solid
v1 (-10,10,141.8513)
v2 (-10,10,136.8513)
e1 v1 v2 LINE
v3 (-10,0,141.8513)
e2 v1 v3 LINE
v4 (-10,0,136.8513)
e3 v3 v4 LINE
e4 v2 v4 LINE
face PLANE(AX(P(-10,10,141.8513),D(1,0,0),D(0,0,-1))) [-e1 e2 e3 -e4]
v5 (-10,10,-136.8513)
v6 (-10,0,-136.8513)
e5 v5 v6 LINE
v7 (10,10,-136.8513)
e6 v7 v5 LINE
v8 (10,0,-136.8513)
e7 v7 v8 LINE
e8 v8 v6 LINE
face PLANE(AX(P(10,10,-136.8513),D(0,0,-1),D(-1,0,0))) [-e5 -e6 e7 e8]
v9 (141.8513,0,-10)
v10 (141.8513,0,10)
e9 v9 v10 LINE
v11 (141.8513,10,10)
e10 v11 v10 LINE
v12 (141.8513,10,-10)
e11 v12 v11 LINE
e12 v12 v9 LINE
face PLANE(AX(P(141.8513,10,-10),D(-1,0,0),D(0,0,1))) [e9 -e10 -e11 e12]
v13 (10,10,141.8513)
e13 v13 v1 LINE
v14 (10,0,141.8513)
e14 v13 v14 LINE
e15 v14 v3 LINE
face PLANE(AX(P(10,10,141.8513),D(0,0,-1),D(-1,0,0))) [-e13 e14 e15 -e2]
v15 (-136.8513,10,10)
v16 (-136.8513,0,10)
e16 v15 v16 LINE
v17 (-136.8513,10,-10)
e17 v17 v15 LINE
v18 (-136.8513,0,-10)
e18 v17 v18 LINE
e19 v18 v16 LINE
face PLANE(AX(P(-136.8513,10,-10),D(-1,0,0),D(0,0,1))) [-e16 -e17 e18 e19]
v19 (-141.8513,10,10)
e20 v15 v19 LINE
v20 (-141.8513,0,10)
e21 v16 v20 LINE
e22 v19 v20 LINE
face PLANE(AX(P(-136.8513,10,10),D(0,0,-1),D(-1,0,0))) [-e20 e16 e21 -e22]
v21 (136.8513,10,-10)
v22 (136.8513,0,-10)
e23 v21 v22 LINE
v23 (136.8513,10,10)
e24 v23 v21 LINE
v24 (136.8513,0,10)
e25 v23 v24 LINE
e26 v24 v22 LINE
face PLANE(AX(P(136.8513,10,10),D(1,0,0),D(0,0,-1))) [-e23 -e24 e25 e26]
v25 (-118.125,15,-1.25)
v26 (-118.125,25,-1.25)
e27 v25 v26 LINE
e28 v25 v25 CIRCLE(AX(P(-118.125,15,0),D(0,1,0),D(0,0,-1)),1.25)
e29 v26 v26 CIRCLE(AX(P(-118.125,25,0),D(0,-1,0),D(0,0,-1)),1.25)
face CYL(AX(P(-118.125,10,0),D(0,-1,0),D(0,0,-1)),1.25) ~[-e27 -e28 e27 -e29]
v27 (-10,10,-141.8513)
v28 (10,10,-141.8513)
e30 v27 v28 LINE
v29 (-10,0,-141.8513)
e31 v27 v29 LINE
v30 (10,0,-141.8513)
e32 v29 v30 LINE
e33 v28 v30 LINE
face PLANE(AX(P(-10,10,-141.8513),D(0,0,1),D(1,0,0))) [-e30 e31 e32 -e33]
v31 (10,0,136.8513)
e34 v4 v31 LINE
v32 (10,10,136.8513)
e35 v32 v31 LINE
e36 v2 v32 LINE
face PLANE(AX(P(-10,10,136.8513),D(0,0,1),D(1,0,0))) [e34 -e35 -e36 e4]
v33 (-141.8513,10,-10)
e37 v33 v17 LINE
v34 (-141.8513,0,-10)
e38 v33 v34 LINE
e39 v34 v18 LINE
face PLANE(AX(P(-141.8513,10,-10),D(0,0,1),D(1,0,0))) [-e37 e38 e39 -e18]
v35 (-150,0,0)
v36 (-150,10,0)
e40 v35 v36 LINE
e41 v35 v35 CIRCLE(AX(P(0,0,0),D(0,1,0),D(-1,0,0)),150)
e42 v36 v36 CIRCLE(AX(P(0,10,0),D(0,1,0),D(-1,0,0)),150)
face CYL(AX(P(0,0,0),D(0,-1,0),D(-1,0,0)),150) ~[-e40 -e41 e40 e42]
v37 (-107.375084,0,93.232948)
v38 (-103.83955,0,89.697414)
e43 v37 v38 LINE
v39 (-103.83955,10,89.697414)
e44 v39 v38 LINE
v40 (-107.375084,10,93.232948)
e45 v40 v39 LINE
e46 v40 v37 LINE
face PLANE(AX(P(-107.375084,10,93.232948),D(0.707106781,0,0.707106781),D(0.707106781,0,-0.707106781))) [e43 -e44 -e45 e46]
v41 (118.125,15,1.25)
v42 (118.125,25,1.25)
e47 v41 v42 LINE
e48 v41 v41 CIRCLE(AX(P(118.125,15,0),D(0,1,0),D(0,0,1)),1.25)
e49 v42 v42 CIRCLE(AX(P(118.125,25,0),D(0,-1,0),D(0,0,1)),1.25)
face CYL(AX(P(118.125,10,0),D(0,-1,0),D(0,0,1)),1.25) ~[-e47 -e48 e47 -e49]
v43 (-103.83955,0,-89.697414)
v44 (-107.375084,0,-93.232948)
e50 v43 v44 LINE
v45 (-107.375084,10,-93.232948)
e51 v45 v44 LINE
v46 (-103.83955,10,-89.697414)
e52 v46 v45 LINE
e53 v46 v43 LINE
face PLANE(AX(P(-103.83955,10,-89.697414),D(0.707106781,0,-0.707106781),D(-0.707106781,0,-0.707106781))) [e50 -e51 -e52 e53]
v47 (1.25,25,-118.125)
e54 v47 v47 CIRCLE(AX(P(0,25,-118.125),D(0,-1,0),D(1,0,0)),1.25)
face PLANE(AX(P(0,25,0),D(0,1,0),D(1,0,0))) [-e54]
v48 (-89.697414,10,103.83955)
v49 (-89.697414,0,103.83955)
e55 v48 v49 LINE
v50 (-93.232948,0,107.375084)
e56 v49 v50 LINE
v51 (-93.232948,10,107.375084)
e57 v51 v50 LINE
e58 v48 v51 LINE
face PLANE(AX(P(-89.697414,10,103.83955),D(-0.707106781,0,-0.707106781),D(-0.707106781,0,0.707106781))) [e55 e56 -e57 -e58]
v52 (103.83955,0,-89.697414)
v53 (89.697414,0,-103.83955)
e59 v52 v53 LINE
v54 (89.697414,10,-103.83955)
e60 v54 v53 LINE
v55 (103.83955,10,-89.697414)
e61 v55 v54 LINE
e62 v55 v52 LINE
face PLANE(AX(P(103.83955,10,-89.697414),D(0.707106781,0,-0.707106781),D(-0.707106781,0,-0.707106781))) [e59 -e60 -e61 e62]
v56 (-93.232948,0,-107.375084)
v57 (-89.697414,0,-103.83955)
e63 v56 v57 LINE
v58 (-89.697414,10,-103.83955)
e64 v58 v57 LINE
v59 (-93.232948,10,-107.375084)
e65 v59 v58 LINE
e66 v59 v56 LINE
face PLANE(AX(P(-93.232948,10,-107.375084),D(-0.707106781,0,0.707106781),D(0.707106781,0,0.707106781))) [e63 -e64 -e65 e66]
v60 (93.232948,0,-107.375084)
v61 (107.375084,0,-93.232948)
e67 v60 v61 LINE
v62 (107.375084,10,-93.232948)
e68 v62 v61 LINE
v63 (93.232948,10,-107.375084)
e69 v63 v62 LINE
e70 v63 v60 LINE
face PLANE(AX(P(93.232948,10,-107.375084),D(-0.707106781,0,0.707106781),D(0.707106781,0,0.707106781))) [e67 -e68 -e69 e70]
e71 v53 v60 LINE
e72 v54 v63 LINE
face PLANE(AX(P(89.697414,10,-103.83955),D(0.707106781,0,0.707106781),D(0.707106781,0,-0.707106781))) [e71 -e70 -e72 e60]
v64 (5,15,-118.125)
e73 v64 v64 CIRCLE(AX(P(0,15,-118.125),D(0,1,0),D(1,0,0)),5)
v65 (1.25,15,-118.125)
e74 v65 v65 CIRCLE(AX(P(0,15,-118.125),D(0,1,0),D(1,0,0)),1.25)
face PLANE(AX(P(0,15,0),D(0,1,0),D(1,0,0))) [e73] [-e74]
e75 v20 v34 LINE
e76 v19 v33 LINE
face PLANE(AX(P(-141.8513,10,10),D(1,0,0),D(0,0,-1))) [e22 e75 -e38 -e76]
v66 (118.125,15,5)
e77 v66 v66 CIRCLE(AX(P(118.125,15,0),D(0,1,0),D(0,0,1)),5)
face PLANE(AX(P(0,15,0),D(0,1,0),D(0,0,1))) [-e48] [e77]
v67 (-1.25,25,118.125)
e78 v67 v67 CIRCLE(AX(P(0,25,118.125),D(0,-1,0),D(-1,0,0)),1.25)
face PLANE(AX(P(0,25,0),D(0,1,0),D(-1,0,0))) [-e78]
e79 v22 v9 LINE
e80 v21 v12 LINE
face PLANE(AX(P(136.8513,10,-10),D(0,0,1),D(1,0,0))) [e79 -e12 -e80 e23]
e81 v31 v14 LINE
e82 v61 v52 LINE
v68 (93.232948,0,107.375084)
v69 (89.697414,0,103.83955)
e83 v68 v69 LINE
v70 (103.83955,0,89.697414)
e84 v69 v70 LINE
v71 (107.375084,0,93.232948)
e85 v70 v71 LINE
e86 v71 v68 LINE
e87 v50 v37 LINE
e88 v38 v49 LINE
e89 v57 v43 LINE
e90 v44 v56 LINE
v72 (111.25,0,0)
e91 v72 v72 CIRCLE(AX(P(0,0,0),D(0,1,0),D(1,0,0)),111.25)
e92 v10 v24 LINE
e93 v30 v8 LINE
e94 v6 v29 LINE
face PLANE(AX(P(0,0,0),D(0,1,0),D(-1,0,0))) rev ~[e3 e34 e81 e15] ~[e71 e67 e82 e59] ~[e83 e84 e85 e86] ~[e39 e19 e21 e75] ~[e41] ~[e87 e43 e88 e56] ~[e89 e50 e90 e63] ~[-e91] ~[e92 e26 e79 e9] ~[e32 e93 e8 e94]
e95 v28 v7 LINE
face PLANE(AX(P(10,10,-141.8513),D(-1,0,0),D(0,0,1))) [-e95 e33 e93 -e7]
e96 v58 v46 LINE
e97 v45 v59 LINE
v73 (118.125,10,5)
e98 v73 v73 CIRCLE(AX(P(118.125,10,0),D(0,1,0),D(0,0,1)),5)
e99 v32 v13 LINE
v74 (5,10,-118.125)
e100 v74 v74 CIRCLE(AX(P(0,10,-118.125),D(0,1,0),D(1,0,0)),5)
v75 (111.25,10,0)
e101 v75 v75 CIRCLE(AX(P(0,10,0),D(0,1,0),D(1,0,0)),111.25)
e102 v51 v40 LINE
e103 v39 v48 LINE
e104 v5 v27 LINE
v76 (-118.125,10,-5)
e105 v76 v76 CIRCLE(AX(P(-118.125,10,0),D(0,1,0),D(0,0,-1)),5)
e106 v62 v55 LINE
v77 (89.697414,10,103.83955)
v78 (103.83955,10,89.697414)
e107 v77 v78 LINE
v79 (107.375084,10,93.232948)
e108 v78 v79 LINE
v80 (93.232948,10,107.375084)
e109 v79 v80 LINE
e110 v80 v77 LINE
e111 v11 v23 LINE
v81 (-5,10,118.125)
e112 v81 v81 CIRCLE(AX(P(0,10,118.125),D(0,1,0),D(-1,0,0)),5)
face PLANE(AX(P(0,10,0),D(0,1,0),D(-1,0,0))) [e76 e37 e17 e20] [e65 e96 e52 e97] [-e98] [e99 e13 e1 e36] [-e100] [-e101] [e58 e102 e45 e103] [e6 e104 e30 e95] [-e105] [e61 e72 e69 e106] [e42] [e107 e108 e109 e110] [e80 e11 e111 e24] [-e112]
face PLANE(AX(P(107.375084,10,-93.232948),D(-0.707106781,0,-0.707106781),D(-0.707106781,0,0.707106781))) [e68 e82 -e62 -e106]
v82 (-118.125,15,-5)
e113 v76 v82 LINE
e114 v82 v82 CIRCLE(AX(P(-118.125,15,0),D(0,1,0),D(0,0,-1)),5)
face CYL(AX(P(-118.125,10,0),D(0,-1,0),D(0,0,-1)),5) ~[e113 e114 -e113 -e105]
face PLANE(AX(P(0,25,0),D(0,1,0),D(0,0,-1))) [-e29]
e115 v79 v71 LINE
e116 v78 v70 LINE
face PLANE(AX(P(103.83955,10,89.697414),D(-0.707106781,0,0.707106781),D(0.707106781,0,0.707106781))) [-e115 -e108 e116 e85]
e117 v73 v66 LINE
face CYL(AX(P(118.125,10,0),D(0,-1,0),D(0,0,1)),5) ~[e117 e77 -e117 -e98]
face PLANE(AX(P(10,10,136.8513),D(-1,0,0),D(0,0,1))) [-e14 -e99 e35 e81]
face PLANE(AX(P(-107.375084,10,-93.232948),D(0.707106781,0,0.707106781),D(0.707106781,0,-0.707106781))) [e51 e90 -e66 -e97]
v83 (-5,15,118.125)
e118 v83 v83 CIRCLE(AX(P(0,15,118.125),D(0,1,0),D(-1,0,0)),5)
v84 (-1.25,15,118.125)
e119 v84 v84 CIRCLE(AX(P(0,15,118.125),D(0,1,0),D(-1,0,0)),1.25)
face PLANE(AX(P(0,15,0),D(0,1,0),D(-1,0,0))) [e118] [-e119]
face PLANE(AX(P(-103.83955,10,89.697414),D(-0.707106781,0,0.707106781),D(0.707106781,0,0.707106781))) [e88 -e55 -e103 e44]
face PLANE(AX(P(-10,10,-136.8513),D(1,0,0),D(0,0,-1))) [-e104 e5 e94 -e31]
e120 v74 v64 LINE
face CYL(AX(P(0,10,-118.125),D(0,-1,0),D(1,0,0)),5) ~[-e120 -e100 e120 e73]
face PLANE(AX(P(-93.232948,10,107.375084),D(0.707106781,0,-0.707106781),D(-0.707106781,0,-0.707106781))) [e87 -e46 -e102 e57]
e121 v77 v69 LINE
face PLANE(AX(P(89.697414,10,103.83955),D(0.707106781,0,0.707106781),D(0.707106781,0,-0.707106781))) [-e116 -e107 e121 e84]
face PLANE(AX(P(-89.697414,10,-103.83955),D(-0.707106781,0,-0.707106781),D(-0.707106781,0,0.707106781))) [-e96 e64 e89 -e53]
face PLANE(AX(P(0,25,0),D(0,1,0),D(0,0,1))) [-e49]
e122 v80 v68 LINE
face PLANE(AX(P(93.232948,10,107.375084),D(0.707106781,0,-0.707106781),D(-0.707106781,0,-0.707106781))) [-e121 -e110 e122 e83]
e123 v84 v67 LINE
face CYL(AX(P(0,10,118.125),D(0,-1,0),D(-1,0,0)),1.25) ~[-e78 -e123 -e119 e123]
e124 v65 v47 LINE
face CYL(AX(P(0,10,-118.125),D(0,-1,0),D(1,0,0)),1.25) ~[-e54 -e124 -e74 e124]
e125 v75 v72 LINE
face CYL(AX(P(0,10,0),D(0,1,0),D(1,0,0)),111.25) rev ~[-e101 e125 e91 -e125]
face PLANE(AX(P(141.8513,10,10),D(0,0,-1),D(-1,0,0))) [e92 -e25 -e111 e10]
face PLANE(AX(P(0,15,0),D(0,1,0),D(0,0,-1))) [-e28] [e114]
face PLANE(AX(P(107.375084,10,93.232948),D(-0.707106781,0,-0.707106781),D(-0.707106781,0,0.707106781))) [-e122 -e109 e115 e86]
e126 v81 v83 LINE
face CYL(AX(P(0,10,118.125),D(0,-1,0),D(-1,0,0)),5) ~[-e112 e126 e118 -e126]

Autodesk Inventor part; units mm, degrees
ref_plane "YZ Plane" through (0, 0, 0) normal (1, 0, 0) x (0, 1, 0)
ref_plane "XZ Plane" through (0, 0, 0) normal (0, 1, 0) x (-1, 0, 0)
ref_plane "XY Plane" through (0, 0, 0) normal (0, 0, 1) x (1, 0, 0)
sketch "Sketch2" plane through (0, 0, 0) normal (0, 1, 0) x (-1, 0, 0)
  circle A0 centre (0, 0) radius 150
  dimension "d1" = 300
extrude "Extrusion1" add sketch "Sketch2" along normal blind 10
sketch "Sketch3" plane through (0, 10, 0) normal (0, 1, 0) x (1, 0, 0)
  circle A0 centre (0, 0) radius 111.25
  dimension "d4" = 222.5
sketch "Sketch4" plane through (0, 10, 0) normal (0, 1, 0) x (1, 0, 0)
  circle A0 centre (0, 0) radius 118.125
  circle A1 centre (0, 118.125) radius 1.25
  dimension "d5" = 236.25
  dimension "d6" = 2.5
extrude "Extrusion2" add sketch "Sketch4" along normal blind 15 contours A1 A0 | A0 A1 picked at (0.0501, 117.7109) picked at (0.0492, 118.5383)
sketch "Sketch5" plane through (0, 10, 0) normal (0, 1, 0) x (1, 0, 0)
  circle A0 centre (0, 118.125) radius 1.25 projected
  circle A1 centre (0, 118.125) radius 5
  point P0 (0, 0)
  dimension "d9" = 10
extrude "Extrusion3" add sketch "Sketch5" along normal blind 5
extrude "Extrusion4" cut sketch "Sketch3" against normal blind 10
pattern_circular "Circular Pattern1" count 4 over 360 about axis through (0, -10, 0) along (0, 1, 0) of "Extrusion3", "Extrusion2"
sketch "Sketch6" plane through (0, 10, 0) normal (0, 1, 0) x (1, 0, 0)
  line L0 (0, -139.3513) -> (10, -139.3513)
  line L1 (0, -139.3513) -> (10, -139.3513) construction
  line L2 (10, -139.3513) -> (10, -141.8513)
  line L3 (10, -141.8513) -> (-10, -141.8513)
  line L4 (-10, -141.8513) -> (-10, -136.8513)
  line L5 (-10, -136.8513) -> (10, -136.8513)
  line L6 (10, -136.8513) -> (10, -141.8513)
  point P0 (0, 0)
  dimension "d17" = 10
  dimension "d18" = 0
  dimension "d19" = 2.5
  dimension "d20" = 20
  dimension "d21" = 5
extrude "Extrusion5" cut sketch "Sketch6" against normal up to surface (10 mm away)
pattern_circular "Circular Pattern2" count 8 over 360 about axis through (0, -10, 0) along (0, 1, 0) of "Extrusion5"
properties part number "TableCover"
